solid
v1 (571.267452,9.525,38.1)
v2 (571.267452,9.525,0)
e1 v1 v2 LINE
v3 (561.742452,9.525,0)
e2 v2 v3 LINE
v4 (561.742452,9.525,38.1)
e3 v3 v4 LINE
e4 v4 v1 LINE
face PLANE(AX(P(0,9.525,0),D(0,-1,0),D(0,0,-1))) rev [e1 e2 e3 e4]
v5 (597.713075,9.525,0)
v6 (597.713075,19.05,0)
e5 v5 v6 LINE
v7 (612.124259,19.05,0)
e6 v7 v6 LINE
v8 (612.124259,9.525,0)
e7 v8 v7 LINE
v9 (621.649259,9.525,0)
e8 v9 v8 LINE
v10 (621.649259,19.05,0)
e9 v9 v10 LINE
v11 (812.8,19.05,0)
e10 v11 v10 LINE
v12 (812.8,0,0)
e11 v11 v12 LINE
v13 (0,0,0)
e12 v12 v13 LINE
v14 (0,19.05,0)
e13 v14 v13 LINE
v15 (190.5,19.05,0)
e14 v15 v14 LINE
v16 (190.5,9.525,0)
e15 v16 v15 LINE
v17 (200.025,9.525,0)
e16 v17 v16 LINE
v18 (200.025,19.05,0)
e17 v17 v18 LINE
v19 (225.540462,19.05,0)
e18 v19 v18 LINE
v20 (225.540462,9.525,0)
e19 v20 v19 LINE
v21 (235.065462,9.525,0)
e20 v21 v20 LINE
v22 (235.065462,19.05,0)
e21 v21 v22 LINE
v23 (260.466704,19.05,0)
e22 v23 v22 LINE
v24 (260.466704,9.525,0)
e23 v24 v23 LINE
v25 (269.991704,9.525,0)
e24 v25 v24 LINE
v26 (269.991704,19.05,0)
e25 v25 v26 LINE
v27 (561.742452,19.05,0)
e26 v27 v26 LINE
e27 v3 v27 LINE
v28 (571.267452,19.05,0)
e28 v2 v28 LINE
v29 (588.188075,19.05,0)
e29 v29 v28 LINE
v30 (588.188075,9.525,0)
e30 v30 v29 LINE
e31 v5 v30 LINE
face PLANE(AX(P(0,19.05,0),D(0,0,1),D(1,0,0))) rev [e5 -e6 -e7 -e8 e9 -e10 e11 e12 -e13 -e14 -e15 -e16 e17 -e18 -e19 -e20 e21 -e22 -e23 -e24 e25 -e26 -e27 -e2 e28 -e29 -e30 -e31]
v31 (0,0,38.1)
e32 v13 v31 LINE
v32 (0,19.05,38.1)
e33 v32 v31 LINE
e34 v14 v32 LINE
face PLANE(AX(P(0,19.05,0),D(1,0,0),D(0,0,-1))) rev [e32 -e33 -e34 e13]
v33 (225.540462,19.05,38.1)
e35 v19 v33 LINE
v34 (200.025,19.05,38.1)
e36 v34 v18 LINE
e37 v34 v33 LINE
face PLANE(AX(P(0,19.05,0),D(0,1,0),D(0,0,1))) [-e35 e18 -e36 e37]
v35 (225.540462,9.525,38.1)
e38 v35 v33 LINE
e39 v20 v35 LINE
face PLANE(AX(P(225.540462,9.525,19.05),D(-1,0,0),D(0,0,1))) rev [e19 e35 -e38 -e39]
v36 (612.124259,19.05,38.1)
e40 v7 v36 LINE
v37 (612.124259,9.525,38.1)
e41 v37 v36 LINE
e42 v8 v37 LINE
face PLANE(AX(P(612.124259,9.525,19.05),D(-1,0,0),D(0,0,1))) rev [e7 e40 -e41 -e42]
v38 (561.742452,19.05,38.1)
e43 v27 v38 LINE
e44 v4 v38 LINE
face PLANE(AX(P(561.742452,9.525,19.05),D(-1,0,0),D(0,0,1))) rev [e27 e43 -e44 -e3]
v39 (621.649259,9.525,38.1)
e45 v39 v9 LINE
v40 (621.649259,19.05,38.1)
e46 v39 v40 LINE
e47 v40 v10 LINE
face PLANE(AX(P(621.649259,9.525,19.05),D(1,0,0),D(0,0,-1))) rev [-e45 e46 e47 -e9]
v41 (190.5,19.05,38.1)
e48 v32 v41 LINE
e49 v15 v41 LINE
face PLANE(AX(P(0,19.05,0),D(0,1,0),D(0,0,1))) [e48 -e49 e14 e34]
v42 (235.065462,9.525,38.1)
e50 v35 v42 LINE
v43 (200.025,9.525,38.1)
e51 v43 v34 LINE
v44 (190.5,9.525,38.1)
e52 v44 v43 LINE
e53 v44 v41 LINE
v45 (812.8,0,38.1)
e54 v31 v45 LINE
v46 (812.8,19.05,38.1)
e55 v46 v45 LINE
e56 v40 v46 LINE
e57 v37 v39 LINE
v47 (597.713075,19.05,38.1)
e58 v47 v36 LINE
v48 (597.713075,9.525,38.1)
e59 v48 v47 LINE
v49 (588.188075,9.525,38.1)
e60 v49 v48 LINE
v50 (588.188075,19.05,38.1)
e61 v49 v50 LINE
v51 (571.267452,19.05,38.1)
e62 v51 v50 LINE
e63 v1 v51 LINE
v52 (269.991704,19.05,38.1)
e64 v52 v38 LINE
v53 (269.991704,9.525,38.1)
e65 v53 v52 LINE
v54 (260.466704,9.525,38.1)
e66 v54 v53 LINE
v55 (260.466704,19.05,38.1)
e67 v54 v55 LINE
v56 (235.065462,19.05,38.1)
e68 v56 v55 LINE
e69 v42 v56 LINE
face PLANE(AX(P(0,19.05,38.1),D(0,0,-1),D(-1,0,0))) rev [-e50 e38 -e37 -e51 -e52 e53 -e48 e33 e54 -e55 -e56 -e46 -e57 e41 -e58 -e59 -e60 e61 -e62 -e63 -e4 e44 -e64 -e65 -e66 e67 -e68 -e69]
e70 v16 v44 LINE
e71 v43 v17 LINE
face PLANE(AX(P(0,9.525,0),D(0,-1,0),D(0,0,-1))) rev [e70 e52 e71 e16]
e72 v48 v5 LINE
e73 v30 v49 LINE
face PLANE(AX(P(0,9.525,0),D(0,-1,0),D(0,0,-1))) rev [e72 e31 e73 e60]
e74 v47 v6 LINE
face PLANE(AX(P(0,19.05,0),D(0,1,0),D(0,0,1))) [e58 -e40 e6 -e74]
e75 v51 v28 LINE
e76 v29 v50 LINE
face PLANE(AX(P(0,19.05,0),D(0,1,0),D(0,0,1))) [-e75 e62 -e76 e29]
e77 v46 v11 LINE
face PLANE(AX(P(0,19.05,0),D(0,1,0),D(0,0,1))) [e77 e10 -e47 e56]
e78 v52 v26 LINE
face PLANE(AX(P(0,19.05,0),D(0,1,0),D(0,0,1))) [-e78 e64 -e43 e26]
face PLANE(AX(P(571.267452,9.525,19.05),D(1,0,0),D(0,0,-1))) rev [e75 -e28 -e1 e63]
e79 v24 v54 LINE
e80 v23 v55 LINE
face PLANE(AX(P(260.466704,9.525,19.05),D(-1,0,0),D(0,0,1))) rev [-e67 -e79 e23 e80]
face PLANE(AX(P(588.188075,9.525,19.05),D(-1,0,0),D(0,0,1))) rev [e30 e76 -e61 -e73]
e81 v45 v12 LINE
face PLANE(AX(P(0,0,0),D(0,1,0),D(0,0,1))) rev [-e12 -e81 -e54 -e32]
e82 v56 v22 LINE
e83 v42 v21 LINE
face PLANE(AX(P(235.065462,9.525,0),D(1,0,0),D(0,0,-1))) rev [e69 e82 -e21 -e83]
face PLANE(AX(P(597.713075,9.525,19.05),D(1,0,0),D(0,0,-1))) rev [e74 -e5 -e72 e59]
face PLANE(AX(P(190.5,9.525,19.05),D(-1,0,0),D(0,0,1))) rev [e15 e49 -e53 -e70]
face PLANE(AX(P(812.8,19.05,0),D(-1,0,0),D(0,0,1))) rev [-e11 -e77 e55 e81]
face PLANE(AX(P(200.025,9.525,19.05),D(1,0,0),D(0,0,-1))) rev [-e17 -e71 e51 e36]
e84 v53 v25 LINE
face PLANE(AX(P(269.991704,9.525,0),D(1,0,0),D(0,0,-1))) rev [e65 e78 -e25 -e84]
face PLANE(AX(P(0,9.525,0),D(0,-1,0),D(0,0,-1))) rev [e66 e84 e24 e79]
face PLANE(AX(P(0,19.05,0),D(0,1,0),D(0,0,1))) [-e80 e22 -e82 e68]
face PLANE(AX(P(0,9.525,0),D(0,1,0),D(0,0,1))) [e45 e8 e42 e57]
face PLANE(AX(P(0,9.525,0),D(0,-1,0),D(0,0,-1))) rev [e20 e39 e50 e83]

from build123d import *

# Parameters (mm, degrees)
SKETCH1_W           = 812.8
SKETCH1_H           = 38.1
BOSS_EXTRUDE1_DEPTH = 19.05
CUT_EXTRUDE3_DEPTH  = 9.525


with BuildPart() as part:
    # Sketch1 → Boss-Extrude1 (new body)
    with BuildSketch(Plane(origin=(0, 0, 0), x_dir=(1, 0, 0), z_dir=(0, 1, 0))):
        with Locations((406.4, -19.05)):
            Rectangle(SKETCH1_W, SKETCH1_H)
    extrude(amount=BOSS_EXTRUDE1_DEPTH)

    # Sketch2 → Cut-Extrude3 (cut)
    with BuildSketch(Plane(origin=(0, 19.05, 0), x_dir=(1, 0, 0), z_dir=(0, 1, 0))):
        Polygon((621.649258871, -19.05), (621.649258871, 0), (612.124258871, 0), (612.124258871, -19.05), (612.124258871, -38.1), (621.649258871, -38.1), align=None)
        Polygon((597.71307456, -19.05), (597.71307456, 0), (588.18807456, 0), (588.18807456, -19.05), (588.18807456, -38.1), (597.71307456, -38.1), align=None)
        Polygon((571.26745157, -19.05), (571.26745157, 0), (561.74245157, 0), (561.74245157, -19.05), (561.74245157, -38.1), (571.26745157, -38.1), align=None)
        Polygon((190.5, -19.05), (190.5, 0), (200.025, 0), (200.025, -19.05), (200.025, -38.1), (190.5, -38.1), align=None)
        Polygon((225.5404624, -19.05), (225.5404624, 0), (235.0654624, 0), (235.0654624, -38.1), (225.5404624, -38.1), align=None)
        Polygon((260.466704479, -19.05), (260.466704479, 0), (269.991704479, 0), (269.991704479, -38.1), (260.466704479, -38.1), align=None)
    extrude(amount=-CUT_EXTRUDE3_DEPTH, mode=Mode.SUBTRACT)


solid = part.part
